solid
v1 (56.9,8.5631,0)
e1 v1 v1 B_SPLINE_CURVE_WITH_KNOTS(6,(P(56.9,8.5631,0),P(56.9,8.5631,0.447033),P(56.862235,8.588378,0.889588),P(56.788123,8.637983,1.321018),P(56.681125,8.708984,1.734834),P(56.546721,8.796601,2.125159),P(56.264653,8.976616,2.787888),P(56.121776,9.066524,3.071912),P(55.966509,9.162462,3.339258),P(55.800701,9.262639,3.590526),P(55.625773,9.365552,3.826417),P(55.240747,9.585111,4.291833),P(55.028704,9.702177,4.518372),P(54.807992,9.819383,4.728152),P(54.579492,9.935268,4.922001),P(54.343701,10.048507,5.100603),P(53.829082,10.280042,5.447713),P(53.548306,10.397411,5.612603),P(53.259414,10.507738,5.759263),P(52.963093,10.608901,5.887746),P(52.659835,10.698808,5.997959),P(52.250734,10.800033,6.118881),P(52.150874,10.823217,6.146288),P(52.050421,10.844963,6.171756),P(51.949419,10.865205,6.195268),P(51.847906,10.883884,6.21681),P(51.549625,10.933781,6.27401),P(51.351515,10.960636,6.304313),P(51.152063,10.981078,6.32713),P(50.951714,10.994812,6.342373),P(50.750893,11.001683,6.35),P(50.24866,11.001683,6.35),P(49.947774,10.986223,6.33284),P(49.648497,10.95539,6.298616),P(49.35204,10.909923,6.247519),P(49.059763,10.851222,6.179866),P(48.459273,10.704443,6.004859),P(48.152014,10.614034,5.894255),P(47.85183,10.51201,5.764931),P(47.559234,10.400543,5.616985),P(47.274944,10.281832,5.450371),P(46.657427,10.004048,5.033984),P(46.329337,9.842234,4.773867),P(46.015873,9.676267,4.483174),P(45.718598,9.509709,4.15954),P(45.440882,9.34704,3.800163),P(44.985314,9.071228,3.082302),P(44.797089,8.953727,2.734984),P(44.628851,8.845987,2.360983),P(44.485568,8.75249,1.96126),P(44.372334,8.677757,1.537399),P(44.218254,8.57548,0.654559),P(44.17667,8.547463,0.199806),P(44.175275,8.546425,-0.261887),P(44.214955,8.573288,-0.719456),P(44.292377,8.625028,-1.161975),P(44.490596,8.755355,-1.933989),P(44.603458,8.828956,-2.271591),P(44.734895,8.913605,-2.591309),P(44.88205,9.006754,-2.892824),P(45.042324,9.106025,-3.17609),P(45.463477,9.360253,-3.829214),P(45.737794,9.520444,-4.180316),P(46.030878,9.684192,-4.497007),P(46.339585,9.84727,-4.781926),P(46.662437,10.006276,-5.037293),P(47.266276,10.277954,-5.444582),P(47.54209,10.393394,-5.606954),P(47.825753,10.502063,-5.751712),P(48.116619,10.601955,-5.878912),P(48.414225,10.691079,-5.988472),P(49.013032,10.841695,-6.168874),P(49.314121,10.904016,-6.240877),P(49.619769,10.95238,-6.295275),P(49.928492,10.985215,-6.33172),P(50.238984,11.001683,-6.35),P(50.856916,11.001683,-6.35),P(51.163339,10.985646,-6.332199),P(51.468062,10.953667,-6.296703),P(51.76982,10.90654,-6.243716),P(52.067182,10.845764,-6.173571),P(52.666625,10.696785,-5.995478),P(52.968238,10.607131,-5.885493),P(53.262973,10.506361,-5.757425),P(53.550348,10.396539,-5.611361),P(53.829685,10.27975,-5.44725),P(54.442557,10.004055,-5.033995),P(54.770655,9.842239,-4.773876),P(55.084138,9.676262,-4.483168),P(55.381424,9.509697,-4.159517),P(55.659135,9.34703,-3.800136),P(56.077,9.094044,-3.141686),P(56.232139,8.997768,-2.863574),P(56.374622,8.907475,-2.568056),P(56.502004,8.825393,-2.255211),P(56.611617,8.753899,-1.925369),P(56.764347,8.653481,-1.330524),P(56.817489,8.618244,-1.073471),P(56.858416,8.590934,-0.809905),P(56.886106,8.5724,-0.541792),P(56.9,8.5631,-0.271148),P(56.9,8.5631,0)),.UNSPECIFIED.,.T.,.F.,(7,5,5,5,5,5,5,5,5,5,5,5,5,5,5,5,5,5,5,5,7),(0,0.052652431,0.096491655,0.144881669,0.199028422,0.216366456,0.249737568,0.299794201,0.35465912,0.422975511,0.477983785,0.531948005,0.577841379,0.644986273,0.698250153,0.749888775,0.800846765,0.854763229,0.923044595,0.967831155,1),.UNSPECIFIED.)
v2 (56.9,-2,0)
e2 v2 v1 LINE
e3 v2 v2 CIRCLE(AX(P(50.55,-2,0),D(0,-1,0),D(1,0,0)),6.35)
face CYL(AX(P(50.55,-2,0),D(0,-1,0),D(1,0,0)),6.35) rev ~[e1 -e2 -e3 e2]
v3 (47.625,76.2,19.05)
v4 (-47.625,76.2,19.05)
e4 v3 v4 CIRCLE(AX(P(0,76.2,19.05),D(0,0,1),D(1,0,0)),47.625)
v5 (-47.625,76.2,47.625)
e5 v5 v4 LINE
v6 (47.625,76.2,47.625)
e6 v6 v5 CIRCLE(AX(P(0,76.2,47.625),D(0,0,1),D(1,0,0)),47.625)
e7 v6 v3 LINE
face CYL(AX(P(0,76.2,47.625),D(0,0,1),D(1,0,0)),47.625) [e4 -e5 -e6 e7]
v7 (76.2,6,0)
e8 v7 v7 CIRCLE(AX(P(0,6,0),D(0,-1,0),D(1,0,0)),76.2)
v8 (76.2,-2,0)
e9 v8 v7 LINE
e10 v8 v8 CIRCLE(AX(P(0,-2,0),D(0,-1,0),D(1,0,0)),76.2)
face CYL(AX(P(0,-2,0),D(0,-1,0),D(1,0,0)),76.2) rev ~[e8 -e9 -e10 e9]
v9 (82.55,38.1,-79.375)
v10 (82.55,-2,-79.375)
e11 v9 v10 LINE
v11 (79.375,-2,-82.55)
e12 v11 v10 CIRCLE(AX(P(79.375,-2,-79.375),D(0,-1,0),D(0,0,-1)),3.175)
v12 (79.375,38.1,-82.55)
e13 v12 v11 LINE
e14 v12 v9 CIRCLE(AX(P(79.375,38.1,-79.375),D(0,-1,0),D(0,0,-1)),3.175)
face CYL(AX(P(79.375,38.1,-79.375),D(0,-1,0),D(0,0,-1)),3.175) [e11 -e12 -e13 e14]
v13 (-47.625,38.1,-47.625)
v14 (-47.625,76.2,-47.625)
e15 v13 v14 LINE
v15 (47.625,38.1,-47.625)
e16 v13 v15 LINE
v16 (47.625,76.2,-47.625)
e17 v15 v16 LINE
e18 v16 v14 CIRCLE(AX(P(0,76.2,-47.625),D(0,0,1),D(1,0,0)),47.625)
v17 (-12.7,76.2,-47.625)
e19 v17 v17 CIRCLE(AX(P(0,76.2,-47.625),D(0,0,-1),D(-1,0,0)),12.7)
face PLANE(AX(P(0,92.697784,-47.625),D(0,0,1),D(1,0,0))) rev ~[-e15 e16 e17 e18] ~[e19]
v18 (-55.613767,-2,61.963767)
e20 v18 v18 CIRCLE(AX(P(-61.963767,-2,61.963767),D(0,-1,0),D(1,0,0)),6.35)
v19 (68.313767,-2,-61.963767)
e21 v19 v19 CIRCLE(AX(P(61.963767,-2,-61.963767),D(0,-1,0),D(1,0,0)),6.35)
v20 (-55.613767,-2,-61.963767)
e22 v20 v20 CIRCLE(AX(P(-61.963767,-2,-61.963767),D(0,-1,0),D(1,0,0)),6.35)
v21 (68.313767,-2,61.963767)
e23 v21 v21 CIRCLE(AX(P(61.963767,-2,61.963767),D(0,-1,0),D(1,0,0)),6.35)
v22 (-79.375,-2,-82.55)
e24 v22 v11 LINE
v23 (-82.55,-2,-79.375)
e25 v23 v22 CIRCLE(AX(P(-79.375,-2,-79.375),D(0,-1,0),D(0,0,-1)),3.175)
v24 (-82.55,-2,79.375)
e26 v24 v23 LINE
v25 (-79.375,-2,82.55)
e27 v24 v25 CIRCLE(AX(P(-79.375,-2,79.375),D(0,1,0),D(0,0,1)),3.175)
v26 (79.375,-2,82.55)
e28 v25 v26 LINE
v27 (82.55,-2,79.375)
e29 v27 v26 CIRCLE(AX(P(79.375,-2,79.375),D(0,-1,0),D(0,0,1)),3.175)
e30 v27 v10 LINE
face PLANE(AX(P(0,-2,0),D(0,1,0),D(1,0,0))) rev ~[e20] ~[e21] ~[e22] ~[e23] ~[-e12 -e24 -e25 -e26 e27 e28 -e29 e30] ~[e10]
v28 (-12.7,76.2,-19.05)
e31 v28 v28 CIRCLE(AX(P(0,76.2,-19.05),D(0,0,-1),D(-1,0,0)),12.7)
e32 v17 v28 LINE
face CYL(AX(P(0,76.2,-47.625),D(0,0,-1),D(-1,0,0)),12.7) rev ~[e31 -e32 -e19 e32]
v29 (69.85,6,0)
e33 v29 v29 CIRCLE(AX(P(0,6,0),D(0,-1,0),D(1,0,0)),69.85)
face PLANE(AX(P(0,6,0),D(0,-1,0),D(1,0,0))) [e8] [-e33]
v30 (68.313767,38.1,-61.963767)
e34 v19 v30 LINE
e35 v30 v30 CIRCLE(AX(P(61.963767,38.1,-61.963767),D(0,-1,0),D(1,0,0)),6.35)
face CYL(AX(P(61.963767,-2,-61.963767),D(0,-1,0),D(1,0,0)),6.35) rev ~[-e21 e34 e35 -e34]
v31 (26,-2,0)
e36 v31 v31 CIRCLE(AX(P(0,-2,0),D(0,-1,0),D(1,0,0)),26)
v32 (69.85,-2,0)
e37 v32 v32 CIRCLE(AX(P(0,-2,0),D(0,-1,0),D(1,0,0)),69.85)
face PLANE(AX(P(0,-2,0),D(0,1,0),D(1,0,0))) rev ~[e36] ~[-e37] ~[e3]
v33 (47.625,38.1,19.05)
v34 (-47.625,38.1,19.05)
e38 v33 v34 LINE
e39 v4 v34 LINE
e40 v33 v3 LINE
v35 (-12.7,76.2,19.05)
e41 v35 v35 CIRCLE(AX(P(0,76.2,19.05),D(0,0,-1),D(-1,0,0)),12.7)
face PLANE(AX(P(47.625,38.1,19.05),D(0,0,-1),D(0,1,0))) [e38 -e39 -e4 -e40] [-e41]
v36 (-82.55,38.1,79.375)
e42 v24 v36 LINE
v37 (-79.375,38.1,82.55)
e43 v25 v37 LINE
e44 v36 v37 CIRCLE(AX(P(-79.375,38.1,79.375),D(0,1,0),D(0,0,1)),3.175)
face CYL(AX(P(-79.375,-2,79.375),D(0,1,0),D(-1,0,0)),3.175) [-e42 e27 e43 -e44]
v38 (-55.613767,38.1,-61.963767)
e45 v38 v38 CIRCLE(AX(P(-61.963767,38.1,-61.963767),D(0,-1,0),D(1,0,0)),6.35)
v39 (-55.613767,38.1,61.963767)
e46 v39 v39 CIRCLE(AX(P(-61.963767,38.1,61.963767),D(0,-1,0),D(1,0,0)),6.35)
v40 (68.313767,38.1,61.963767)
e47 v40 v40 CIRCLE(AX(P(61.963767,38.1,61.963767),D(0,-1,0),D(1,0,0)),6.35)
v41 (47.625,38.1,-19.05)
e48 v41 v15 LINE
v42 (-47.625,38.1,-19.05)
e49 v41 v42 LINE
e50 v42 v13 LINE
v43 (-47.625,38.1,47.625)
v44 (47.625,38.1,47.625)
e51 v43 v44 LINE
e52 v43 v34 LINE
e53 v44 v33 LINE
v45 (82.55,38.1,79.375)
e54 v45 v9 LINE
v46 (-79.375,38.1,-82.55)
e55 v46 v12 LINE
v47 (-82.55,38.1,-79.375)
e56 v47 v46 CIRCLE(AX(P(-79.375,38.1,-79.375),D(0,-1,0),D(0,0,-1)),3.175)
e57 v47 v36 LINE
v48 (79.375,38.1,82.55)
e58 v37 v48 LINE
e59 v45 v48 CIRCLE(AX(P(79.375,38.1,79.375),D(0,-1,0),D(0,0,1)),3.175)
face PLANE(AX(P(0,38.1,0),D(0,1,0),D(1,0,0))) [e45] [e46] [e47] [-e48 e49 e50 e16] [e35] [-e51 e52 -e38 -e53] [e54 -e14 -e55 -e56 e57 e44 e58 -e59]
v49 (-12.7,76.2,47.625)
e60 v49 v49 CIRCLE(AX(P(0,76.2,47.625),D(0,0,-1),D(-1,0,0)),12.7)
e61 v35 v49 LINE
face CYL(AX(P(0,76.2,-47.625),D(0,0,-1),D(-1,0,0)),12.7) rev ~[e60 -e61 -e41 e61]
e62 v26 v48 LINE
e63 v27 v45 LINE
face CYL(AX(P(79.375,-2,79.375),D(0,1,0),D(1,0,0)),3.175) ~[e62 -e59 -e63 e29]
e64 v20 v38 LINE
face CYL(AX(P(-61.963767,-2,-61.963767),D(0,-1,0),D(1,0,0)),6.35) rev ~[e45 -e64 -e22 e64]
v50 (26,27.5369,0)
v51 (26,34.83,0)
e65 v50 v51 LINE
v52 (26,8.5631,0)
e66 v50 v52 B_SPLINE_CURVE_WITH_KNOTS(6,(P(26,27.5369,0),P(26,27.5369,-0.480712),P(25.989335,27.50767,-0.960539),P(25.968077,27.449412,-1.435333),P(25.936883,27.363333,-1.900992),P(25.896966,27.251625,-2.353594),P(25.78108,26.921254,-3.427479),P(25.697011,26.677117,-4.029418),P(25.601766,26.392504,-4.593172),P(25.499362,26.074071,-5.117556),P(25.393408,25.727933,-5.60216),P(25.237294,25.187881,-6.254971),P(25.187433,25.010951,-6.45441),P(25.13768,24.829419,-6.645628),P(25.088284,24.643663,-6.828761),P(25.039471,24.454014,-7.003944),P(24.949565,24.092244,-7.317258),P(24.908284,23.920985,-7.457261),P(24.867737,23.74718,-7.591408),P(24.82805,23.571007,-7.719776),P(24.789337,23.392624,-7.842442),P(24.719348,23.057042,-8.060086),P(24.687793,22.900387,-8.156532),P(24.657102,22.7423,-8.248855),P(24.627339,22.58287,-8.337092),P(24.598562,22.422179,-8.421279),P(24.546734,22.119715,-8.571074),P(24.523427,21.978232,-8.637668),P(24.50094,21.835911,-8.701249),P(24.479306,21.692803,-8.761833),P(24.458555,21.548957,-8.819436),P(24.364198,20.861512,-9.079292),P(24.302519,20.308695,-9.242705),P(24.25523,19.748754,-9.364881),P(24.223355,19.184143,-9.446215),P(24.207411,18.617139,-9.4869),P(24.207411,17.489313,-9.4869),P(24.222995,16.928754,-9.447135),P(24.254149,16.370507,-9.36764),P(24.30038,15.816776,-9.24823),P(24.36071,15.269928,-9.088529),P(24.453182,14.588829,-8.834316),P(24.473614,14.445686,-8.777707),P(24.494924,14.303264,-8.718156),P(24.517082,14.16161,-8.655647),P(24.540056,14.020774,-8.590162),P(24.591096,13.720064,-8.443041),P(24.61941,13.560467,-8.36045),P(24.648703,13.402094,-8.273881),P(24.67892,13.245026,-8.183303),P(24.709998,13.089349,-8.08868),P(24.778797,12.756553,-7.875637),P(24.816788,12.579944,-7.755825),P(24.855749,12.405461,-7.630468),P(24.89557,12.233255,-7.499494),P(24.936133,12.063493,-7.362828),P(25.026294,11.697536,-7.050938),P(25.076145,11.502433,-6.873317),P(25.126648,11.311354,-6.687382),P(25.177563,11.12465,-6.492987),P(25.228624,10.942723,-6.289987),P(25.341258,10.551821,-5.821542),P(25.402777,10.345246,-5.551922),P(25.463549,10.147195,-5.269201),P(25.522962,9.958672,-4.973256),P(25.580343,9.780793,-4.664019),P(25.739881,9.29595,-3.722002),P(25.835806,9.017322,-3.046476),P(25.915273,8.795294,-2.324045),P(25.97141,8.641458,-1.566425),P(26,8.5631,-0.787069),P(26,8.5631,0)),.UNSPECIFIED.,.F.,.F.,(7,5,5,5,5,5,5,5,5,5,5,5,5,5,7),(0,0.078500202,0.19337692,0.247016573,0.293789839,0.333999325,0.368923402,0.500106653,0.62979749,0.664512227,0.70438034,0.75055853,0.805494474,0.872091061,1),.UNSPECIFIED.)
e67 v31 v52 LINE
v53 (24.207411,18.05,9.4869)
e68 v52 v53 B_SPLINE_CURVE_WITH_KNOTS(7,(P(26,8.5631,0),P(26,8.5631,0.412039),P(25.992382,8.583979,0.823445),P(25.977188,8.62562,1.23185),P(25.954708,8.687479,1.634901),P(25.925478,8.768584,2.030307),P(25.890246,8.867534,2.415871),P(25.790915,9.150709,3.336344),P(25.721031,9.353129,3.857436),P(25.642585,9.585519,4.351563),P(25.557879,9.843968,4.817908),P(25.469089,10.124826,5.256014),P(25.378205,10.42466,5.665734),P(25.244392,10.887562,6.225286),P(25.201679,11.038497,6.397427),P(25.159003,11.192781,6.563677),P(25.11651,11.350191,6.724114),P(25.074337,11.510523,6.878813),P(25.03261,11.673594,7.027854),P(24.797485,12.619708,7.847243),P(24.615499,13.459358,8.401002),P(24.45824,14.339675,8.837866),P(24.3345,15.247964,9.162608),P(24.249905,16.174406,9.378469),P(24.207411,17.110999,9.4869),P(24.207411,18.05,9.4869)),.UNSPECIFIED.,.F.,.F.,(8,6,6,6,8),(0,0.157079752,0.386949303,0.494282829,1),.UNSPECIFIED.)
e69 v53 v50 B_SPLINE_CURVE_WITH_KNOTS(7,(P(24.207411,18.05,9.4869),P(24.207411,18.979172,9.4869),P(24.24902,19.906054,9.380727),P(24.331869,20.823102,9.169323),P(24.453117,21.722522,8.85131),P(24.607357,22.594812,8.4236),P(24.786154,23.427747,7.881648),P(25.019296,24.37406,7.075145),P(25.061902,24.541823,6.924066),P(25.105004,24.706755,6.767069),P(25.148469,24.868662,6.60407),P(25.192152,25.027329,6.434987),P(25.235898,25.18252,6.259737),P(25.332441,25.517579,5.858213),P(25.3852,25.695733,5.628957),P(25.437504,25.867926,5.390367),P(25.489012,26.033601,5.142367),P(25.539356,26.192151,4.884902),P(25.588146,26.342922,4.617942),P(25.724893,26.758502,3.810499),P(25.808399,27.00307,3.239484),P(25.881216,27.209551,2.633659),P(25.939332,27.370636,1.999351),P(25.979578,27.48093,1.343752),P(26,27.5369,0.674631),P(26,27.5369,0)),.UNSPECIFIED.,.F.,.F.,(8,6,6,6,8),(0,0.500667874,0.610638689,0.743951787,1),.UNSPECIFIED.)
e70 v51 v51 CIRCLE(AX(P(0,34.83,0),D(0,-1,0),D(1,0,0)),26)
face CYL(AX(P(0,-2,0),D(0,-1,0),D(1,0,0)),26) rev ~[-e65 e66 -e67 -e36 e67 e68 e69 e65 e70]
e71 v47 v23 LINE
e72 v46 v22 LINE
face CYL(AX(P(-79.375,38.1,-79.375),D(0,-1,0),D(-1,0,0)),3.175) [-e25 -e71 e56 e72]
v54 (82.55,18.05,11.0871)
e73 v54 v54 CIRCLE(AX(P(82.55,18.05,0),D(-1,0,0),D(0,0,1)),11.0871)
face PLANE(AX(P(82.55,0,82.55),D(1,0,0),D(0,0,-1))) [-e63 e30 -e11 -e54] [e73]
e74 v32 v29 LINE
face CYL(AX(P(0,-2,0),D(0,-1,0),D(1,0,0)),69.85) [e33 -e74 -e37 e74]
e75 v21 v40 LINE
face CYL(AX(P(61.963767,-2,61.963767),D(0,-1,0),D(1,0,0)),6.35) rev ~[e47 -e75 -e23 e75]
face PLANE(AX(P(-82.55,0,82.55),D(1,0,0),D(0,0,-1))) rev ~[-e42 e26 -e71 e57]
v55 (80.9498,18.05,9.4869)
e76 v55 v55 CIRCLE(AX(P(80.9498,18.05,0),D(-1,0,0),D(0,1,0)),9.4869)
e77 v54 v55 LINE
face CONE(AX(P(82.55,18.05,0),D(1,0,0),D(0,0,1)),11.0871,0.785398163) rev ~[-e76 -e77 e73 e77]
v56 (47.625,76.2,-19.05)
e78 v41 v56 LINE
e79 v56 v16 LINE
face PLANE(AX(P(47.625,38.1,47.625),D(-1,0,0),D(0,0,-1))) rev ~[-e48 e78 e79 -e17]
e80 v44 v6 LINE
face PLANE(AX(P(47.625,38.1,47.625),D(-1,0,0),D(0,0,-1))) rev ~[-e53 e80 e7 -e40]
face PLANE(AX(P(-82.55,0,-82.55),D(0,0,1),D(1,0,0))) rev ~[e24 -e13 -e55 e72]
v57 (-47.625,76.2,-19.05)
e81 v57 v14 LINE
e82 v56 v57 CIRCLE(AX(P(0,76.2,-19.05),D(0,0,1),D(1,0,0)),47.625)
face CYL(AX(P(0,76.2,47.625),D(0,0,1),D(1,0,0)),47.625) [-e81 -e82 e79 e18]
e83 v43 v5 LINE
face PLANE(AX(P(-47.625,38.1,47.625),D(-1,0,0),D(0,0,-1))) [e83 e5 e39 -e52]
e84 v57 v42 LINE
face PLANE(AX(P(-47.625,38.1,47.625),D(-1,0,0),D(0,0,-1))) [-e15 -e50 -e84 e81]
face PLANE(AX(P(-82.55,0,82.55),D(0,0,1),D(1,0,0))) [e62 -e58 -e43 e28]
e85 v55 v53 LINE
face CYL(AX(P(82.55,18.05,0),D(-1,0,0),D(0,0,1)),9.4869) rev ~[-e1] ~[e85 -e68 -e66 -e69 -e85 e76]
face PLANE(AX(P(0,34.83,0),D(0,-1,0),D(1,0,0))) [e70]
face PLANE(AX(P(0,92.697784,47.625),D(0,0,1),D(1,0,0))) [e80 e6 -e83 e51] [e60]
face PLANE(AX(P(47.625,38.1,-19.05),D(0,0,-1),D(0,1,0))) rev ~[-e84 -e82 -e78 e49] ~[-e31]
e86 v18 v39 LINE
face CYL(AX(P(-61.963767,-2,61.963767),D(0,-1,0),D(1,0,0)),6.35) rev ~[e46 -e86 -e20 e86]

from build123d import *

# Parameters (mm, degrees)
SKETCH1_W                              = 165.1
SKETCH1_H                              = 165.1
BOSS_EXTRUDE1_DEPTH                    = 38.1
BOSS_EXTRUDE1_DEPTH_BACK               = 2
SKETCH2_W                              = 95.25
SKETCH2_H                              = 95.25
BOSS_EXTRUDE2_DEPTH                    = 38.1
BOSS_EXTRUDE3_START                    = -95.25
BOSS_EXTRUDE3_DEPTH                    = 95.25
SKETCH7_R                              = 12.7
CUT_EXTRUDE1_DEPTH                     = 131.175
SKETCH8_W                              = 38.1
SKETCH8_H                              = 1000
CUT_EXTRUDE2_DEPTH                     = 131.175
FILLET1_R                              = 3.175
SKETCH9_R                              = 26
CUT_EXTRUDE3_DEPTH                     = 36.83
SKETCH10_R                             = 76.2
SKETCH10_R_2                           = 69.85
CUT_EXTRUDE4_DEPTH                     = 8
F_1_2_14_NPSM_TAPPED_HOLE2_D           = 18.9738
F_1_2_14_NPSM_TAPPED_HOLE2_DEPTH       = 63.5
F_1_2_14_NPSM_TAPPED_HOLE2_CSINK_D     = 22.1742
F_1_2_14_NPSM_TAPPED_HOLE2_CSINK_ANGLE = 90
F_1_2_14_NPSM_TAPPED_HOLE2_TIP         = 5.700304607
SKETCH16_R                             = 6.35
CUT_EXTRUDE5_DEPTH                     = 25
SKETCH17_R                             = 6.35
CUT_EXTRUDE6_DEPTH                     = 126.825


with BuildPart() as part:
    # Sketch1 → Boss-Extrude1 (new body, two sides)
    with BuildSketch(Plane(origin=(0, 0, 0), x_dir=(1, 0, 0), z_dir=(0, 1, 0))) as boss_extrude1_sk:
        Rectangle(SKETCH1_W, SKETCH1_H)
    extrude(amount=BOSS_EXTRUDE1_DEPTH)
    extrude(boss_extrude1_sk.sketch, amount=-BOSS_EXTRUDE1_DEPTH_BACK)

    # Sketch2 → Boss-Extrude2 (add)
    with BuildSketch(Plane(origin=(0, 38.1, 0), x_dir=(1, 0, 0), z_dir=(0, 1, 0))):
        Rectangle(SKETCH2_W, SKETCH2_H)
    extrude(amount=BOSS_EXTRUDE2_DEPTH)

    # Sketch3 → Boss-Extrude3 (add)
    with BuildSketch(Plane(origin=(0, 0, -47.625), x_dir=(-1, 0, 0), z_dir=(0, 0, -1)).offset(BOSS_EXTRUDE3_START)):
        with BuildLine():
            Line((47.625, 76.2), (-47.625, 76.2))
            ThreePointArc((-47.625, 76.2), (0, 123.825), (47.625, 76.2))
        make_face()
    extrude(amount=BOSS_EXTRUDE3_DEPTH)

    # Sketch7 → Cut-Extrude1 (cut, through all)
    with BuildSketch(Plane(origin=(0, 0, -47.625), x_dir=(-1, 0, 0), z_dir=(0, 0, -1))):
        with Locations((0, 76.2)):
            Circle(SKETCH7_R)
    extrude(amount=-CUT_EXTRUDE1_DEPTH, mode=Mode.SUBTRACT)

    # Sketch8 → Cut-Extrude2 (cut, through all)
    with BuildSketch(Plane(origin=(47.625, 0, 0), x_dir=(0, 0, -1), z_dir=(1, 0, 0))):
        with Locations((0, 538.1)):
            Rectangle(SKETCH8_W, SKETCH8_H)
    extrude(amount=-CUT_EXTRUDE2_DEPTH, mode=Mode.SUBTRACT)

    # Fillet1
    fillet1_edges = [part.edges().sort_by_distance(p)[0] for p in [
        (82.55, 18.05, 82.55),
        (-82.55, 18.05, 82.55),
        (-82.55, 18.05, -82.55),
        (82.55, 18.05, -82.55),
    ]]
    fillet(fillet1_edges, radius=FILLET1_R)

    # Sketch9 → Cut-Extrude3 (cut)
    with BuildSketch(Plane.XZ.offset(2)):
        Circle(SKETCH9_R)
    extrude(amount=-CUT_EXTRUDE3_DEPTH, mode=Mode.SUBTRACT)

    # Sketch10 → Cut-Extrude4 (cut)
    with BuildSketch(Plane.XZ.offset(2)):
        Circle(SKETCH10_R)
        Circle(SKETCH10_R_2, mode=Mode.SUBTRACT)
    extrude(amount=-CUT_EXTRUDE4_DEPTH, mode=Mode.SUBTRACT)

    # 1/2-14 NPSM Tapped Hole2
    with Locations(Plane(origin=(82.55, 0, 0), x_dir=(0, 0, -1), z_dir=(1, 0, 0))):
        with Locations((0, 18.05)):
            CounterSinkHole(F_1_2_14_NPSM_TAPPED_HOLE2_D / 2, F_1_2_14_NPSM_TAPPED_HOLE2_CSINK_D / 2, depth=F_1_2_14_NPSM_TAPPED_HOLE2_DEPTH, counter_sink_angle=F_1_2_14_NPSM_TAPPED_HOLE2_CSINK_ANGLE)
            with Locations((0, 0, -(F_1_2_14_NPSM_TAPPED_HOLE2_DEPTH + F_1_2_14_NPSM_TAPPED_HOLE2_TIP / 2))):  # 118° drill point
                Cone(0, F_1_2_14_NPSM_TAPPED_HOLE2_D / 2, F_1_2_14_NPSM_TAPPED_HOLE2_TIP, mode=Mode.SUBTRACT)

    # Sketch16 → Cut-Extrude5 (cut)
    with BuildSketch(Plane.XZ.offset(2)):
        with Locations((50.55, 0)):
            Circle(SKETCH16_R)
    extrude(amount=-CUT_EXTRUDE5_DEPTH, mode=Mode.SUBTRACT)

    # Sketch17 → Cut-Extrude6 (cut, through all)
    with BuildSketch(Plane.XZ.offset(2)):
        with Locations((-61.963767235, 61.963767235)):
            Circle(SKETCH17_R)
        with Locations((61.963767235, 61.963767235)):
            Circle(SKETCH17_R)
        with Locations((61.963767235, -61.963767235)):
            Circle(SKETCH17_R)
        with Locations((-61.963767235, -61.963767235)):
            Circle(SKETCH17_R)
    extrude(amount=-CUT_EXTRUDE6_DEPTH, mode=Mode.SUBTRACT)


solid = part.part
